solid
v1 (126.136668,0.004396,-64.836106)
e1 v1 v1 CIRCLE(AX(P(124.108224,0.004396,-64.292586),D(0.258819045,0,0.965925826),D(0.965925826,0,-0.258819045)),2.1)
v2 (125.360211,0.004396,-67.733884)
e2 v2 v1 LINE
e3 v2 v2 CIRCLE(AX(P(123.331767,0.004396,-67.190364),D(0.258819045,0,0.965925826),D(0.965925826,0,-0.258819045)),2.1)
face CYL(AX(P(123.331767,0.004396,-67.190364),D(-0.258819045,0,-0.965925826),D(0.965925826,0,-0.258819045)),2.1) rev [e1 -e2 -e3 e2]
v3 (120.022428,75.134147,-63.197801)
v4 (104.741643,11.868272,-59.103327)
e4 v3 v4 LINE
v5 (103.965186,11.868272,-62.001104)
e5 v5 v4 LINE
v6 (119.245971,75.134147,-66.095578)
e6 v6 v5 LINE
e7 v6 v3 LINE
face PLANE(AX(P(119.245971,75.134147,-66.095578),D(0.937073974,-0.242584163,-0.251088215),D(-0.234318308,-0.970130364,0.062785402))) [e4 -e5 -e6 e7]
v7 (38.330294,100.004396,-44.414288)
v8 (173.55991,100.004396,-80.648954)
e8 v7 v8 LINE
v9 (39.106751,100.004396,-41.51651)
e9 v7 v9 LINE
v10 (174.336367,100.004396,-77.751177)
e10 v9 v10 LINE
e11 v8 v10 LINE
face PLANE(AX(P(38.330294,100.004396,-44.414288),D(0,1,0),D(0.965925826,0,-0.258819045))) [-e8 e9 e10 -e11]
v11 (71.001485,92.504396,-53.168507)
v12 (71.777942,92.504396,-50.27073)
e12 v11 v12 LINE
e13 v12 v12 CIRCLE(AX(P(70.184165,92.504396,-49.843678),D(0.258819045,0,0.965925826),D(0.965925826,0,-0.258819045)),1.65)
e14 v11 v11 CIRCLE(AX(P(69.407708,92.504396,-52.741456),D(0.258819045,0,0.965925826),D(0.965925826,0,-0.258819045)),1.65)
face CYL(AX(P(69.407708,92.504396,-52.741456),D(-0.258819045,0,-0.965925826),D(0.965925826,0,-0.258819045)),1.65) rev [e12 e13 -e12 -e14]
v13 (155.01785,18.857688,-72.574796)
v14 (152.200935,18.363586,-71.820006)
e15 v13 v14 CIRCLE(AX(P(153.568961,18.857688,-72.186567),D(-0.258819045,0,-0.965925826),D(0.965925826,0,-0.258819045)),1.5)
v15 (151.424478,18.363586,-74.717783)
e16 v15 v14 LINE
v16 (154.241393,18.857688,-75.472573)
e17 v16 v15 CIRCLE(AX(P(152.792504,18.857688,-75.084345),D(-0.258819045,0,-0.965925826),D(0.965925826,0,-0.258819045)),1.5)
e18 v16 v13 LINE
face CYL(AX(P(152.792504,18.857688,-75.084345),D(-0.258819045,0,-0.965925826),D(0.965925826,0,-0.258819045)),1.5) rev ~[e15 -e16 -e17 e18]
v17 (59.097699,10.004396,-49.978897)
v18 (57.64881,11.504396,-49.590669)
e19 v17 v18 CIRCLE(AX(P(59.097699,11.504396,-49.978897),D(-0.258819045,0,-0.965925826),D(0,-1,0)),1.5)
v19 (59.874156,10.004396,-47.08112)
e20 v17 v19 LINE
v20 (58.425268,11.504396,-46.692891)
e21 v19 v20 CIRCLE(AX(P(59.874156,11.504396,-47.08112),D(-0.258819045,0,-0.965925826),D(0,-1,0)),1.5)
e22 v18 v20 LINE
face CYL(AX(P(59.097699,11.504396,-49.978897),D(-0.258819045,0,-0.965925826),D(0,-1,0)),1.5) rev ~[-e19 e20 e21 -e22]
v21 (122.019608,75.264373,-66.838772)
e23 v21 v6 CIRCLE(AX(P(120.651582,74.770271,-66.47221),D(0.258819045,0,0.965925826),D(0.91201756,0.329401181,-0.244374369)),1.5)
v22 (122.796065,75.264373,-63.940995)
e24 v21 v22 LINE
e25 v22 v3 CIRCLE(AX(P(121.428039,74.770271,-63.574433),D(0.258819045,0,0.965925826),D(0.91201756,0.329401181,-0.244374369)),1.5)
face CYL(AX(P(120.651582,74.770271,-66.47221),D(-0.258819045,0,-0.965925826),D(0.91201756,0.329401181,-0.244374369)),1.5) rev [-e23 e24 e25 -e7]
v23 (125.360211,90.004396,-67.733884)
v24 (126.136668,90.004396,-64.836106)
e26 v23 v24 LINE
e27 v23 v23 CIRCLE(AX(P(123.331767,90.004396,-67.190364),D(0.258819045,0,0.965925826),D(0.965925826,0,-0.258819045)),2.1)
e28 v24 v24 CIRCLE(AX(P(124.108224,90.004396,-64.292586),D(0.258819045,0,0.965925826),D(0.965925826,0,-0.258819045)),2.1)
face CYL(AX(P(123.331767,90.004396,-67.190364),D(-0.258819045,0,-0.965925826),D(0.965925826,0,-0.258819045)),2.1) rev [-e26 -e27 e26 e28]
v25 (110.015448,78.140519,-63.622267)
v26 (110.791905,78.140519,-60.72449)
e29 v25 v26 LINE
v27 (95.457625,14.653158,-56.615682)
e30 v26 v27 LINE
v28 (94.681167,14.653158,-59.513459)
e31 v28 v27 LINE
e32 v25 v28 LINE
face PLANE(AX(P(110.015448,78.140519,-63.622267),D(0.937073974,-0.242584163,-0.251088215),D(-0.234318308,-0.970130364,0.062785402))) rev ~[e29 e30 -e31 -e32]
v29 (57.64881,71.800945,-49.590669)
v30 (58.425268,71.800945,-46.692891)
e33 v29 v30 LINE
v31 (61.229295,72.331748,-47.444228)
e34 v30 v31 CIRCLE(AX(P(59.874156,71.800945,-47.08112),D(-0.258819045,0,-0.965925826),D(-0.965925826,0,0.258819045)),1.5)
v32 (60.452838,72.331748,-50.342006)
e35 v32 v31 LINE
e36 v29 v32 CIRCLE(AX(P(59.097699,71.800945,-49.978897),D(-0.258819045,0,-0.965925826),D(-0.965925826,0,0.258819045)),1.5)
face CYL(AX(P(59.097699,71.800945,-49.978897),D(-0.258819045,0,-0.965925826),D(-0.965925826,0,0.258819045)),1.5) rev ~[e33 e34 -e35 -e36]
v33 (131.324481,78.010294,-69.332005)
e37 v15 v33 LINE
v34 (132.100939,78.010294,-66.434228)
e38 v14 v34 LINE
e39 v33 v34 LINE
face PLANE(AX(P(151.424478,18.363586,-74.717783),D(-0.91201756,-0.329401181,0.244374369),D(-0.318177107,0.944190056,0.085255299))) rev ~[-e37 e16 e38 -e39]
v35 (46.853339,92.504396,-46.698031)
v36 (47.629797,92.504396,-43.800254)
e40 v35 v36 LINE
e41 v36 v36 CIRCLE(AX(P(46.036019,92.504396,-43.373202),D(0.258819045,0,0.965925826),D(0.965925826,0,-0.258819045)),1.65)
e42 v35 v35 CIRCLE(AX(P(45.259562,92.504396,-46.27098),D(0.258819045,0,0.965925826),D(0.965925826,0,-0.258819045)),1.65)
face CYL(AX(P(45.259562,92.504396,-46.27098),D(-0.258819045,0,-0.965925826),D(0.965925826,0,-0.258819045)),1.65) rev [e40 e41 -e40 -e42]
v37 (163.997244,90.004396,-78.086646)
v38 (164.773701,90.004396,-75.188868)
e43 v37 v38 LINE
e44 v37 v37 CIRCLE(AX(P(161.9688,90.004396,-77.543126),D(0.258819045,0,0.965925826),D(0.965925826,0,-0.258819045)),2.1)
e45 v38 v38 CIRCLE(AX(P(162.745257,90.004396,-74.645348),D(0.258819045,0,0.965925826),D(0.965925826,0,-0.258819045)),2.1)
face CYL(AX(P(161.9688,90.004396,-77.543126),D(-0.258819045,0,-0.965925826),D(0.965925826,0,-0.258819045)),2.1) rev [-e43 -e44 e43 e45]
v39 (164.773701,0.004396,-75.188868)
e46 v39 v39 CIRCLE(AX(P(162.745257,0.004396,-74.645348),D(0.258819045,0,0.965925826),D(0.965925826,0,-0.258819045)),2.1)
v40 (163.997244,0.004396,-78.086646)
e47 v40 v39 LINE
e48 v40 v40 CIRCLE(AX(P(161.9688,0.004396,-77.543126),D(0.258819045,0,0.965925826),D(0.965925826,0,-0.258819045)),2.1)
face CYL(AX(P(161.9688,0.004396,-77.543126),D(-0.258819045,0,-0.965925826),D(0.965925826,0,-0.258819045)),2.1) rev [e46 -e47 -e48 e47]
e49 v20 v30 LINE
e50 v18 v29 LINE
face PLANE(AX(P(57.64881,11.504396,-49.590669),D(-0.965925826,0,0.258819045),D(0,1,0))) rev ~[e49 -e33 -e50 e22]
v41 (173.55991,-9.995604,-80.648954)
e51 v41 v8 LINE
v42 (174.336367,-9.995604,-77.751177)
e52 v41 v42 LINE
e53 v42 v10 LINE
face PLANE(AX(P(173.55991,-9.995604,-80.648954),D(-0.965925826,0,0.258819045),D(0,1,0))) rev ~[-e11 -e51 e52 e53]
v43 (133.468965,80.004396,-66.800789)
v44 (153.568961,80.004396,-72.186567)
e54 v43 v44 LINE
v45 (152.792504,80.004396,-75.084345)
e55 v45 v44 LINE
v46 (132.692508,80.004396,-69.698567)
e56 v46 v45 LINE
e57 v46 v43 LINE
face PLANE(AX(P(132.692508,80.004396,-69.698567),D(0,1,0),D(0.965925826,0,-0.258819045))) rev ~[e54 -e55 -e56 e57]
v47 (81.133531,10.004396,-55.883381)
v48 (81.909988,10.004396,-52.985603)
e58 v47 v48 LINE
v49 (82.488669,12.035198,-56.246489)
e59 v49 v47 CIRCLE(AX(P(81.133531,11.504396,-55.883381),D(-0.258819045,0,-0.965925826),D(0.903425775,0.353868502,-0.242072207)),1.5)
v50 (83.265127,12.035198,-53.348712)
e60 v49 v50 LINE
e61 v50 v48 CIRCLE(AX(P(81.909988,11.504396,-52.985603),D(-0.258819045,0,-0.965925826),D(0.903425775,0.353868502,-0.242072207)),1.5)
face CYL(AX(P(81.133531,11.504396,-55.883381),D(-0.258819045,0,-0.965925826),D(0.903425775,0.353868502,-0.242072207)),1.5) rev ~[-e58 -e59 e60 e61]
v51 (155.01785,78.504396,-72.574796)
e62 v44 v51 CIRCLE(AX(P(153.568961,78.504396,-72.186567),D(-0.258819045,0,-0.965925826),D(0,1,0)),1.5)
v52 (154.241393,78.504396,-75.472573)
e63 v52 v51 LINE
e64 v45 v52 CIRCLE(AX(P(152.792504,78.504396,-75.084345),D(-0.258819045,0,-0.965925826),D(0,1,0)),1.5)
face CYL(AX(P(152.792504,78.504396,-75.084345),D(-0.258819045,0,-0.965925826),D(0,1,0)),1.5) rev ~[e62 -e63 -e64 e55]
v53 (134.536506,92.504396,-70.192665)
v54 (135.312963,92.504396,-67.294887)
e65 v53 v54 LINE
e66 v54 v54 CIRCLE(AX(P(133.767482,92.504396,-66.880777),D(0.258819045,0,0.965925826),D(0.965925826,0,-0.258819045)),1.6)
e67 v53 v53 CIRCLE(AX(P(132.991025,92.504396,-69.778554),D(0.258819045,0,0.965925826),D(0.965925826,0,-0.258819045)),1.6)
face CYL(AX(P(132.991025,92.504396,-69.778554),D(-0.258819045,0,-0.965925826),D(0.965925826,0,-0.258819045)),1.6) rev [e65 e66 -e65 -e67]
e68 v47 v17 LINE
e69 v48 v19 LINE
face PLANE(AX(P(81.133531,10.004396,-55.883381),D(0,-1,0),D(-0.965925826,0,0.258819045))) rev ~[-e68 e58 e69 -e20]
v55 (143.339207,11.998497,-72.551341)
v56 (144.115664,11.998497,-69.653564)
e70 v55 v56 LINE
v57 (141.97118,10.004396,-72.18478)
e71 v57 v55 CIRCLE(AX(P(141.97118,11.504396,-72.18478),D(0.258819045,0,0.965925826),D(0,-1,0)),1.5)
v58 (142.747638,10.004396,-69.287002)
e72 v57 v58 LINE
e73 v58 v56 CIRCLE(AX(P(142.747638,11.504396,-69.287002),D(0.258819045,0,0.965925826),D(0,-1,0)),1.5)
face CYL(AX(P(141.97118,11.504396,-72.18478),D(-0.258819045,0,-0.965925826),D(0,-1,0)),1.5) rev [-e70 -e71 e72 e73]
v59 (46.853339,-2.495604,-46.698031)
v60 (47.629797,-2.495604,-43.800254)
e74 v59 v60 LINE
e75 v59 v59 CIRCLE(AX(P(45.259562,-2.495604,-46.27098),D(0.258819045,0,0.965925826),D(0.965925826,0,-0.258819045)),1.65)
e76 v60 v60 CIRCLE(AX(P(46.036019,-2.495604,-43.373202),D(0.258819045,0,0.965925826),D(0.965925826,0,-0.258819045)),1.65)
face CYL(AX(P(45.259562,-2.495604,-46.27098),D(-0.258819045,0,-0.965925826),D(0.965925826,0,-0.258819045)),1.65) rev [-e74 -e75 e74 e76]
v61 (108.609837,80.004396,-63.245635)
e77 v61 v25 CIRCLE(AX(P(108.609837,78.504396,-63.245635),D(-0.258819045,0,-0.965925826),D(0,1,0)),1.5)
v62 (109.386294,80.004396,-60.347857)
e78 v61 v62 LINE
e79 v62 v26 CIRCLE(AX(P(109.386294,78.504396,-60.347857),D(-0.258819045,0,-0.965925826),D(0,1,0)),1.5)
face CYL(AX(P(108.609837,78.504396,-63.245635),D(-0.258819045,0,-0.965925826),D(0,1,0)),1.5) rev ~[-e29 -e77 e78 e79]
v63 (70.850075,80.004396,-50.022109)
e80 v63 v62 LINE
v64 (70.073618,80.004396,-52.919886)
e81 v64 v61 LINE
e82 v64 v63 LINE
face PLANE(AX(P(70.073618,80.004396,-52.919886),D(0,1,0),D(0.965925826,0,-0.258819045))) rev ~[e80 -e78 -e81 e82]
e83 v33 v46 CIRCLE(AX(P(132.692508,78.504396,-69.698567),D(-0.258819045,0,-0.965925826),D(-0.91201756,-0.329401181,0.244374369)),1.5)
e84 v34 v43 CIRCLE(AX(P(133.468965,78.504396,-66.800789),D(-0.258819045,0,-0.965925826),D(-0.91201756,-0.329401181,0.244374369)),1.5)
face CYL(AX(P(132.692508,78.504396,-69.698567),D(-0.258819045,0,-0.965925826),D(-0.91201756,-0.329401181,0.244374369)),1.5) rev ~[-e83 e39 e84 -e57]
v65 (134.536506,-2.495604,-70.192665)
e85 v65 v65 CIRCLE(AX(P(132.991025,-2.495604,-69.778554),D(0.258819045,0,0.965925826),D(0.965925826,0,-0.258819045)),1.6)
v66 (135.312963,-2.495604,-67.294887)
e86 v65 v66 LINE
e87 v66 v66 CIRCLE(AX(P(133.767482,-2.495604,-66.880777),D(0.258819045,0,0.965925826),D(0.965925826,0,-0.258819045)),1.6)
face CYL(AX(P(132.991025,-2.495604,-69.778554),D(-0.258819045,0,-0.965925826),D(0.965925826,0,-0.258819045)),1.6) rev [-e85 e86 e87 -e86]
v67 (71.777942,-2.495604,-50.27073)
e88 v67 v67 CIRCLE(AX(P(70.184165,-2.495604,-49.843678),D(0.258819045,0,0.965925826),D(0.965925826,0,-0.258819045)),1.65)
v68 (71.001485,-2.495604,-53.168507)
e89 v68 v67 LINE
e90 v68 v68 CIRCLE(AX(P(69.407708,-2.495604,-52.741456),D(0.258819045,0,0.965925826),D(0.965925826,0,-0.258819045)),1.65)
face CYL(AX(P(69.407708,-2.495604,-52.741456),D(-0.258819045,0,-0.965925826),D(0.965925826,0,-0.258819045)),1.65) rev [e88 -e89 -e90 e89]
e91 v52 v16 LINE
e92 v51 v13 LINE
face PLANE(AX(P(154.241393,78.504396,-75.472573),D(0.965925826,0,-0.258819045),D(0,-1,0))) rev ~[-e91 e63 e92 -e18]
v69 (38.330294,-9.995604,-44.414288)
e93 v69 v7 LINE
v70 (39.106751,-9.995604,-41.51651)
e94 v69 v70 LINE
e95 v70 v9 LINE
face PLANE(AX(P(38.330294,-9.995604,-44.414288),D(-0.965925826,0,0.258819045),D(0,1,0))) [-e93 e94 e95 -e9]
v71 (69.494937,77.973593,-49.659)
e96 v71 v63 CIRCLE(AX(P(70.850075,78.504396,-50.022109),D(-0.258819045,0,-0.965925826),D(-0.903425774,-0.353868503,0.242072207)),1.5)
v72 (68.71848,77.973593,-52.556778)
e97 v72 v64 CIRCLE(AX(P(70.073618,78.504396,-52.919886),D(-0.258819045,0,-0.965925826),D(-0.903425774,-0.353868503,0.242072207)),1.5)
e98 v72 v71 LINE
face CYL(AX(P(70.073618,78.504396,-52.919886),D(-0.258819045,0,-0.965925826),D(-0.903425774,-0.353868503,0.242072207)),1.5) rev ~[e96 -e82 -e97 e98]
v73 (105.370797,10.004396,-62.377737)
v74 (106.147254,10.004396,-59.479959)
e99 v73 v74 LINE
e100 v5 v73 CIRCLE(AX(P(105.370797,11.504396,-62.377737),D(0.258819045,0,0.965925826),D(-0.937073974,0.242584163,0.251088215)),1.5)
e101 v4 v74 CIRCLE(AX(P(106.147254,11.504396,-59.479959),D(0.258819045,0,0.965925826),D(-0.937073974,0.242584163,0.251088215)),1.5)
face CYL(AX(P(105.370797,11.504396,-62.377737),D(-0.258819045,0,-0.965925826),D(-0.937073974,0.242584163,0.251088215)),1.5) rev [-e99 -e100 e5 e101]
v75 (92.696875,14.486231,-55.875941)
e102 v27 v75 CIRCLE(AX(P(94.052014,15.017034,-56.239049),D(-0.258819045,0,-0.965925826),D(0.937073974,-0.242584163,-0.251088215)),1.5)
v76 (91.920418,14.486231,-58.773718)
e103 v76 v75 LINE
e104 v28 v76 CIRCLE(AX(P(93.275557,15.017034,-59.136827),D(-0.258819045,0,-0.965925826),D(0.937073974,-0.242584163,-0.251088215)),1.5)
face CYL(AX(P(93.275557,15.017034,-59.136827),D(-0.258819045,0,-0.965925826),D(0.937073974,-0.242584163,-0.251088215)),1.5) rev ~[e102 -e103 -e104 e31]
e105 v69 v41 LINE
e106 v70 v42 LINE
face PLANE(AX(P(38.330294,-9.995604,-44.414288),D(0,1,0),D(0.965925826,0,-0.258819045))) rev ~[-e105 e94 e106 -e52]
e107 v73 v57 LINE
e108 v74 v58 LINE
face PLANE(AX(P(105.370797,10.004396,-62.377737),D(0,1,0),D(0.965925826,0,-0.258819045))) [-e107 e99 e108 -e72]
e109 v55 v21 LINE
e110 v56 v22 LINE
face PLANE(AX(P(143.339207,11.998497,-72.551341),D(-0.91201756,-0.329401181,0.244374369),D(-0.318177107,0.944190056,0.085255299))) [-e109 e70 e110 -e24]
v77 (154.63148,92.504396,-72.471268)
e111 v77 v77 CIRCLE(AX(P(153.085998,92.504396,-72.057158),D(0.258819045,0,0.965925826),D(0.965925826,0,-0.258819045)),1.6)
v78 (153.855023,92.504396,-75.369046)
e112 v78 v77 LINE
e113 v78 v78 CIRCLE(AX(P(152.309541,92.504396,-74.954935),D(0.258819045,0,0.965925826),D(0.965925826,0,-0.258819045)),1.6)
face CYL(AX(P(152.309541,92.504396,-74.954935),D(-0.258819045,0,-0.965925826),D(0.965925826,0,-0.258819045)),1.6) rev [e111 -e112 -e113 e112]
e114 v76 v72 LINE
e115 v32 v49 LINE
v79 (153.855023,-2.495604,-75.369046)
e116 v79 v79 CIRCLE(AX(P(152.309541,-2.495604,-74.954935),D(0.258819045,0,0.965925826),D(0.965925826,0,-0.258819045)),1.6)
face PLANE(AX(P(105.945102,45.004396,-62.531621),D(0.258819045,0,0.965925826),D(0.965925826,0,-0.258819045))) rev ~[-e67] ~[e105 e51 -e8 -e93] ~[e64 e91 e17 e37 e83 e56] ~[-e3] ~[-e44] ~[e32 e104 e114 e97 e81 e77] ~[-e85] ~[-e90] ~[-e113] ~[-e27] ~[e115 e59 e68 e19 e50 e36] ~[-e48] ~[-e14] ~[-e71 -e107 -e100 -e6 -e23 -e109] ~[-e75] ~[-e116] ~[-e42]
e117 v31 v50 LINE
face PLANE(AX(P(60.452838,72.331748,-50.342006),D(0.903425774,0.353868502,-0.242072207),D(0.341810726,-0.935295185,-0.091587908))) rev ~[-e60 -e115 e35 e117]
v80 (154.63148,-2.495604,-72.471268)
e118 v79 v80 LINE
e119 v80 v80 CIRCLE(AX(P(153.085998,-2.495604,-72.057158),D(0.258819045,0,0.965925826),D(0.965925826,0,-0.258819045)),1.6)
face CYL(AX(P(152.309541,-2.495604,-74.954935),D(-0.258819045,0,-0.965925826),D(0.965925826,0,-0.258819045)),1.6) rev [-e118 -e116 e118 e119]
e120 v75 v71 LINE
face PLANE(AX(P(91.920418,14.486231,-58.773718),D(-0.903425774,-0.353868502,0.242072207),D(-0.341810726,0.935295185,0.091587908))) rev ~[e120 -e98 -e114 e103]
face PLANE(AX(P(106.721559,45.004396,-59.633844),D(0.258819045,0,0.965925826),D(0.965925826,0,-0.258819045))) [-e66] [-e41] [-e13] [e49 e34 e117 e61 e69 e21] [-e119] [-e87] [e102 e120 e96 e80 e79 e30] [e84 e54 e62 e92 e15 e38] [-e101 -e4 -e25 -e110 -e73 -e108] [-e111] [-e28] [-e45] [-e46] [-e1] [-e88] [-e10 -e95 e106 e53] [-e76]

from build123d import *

# Parameters (mm, degrees)
SKETCH2_W      = 140
SKETCH2_H      = 110
SKETCH2_R      = 1.6
SKETCH2_R_2    = 2.1
EXTRUDE1_DEPTH = 3


with BuildPart() as part:
    # Sketch2 → Extrude1 (new body)
    with BuildSketch(Plane(origin=(-8.535929163, 0, -31.856521324), x_dir=(0.9659258262890755, 0, -0.2588190451024938), z_dir=(0.2588190451024938, 0, 0.9659258262890756))):
        with Locations((118.519484346, 45.004395502)):
            Rectangle(SKETCH2_W, SKETCH2_H)
        with Locations((166.519484346, 92.504395502)):
            Circle(SKETCH2_R, mode=Mode.SUBTRACT)
        with Locations((146.519484346, 92.504395502)):
            Circle(SKETCH2_R, mode=Mode.SUBTRACT)
        with Locations((146.519484346, -2.495604498)):
            Circle(SKETCH2_R, mode=Mode.SUBTRACT)
        with Locations((166.519484346, -2.495604498)):
            Circle(SKETCH2_R, mode=Mode.SUBTRACT)
        with Locations((176.519484346, 0.004395502)):
            Circle(SKETCH2_R_2, mode=Mode.SUBTRACT)
        with Locations((136.519484346, 0.004395502)):
            Circle(SKETCH2_R_2, mode=Mode.SUBTRACT)
        with Locations((176.519484346, 90.004395502)):
            Circle(SKETCH2_R_2, mode=Mode.SUBTRACT)
        with Locations((136.519484346, 90.004395502)):
            Circle(SKETCH2_R_2, mode=Mode.SUBTRACT)
        with BuildLine():
            Line((71.422427124, 72.331747658), (94.235598815, 12.035198256))
            ThreePointArc((94.235598815, 12.035198256), (94.06679625, 10.651812407), (92.832656037, 10.004395502))
            Line((92.832656037, 10.004395502), (70.019484346, 10.004395502))
            ThreePointArc((70.019484346, 10.004395502), (68.958824174, 10.44373533), (68.519484346, 11.504395502))
            Line((68.519484346, 11.504395502), (68.519484346, 71.800944904))
            ThreePointArc((68.519484346, 71.800944904), (69.749682721, 73.276481106), (71.422427124, 72.331747658))
        make_face(mode=Mode.SUBTRACT)
        with BuildLine():
            Line((81.382592108, 80.004395502), (121.278221323, 80.004395502))
            ThreePointArc((121.278221323, 80.004395502), (122.460552573, 79.427484239), (122.73341687, 78.140519257))
            Line((122.73341687, 78.140519257), (106.858201548, 14.653157981))
            ThreePointArc((106.858201548, 14.653157981), (105.490462864, 13.519585964), (104.000063225, 14.486231472))
            Line((104.000063225, 14.486231472), (79.979649331, 77.973592748))
            ThreePointArc((79.979649331, 77.973592748), (80.148451895, 79.356978598), (81.382592108, 80.004395502))
        make_face(mode=Mode.SUBTRACT)
        with BuildLine():
            Line((168.519484346, 78.504395502), (168.519484346, 18.857688255))
            ThreePointArc((168.519484346, 18.857688255), (167.270056066, 17.378765061), (165.603199262, 18.363586484))
            Line((165.603199262, 18.363586484), (144.794151706, 78.010293731))
            ThreePointArc((144.794151706, 78.010293731), (144.987499209, 79.372971159), (146.210436791, 80.004395502))
            Line((146.210436791, 80.004395502), (167.019484346, 80.004395502))
            ThreePointArc((167.019484346, 80.004395502), (168.080144518, 79.565055674), (168.519484346, 78.504395502))
        make_face(mode=Mode.SUBTRACT)
        with BuildLine():
            Line((132.289557089, 75.134147375), (116.469724954, 11.868271747))
            ThreePointArc((116.469724954, 11.868271747), (116.742589251, 10.581306765), (117.924920501, 10.004395502))
            Line((117.924920501, 10.004395502), (155.81642558, 10.004395502))
            ThreePointArc((155.81642558, 10.004395502), (157.039363161, 10.635819845), (157.232710664, 11.998497273))
            Line((157.232710664, 11.998497273), (135.16103772, 75.2643729))
            ThreePointArc((135.16103772, 75.2643729), (133.676795459, 76.268730946), (132.289557089, 75.134147375))
        make_face(mode=Mode.SUBTRACT)
        with BuildLine():
            ThreePointArc((54.043190493, -2.495604498), (55.693190493, -4.145604498), (57.343190493, -2.495604498))
            ThreePointArc((57.343190493, -2.495604498), (55.693190493, -0.845604498), (54.043190493, -2.495604498))
        make_face(mode=Mode.SUBTRACT)
        with BuildLine():
            ThreePointArc((79.043190493, -2.495604498), (80.693190493, -4.145604498), (82.343190493, -2.495604498))
            ThreePointArc((82.343190493, -2.495604498), (80.693190493, -0.845604498), (79.043190493, -2.495604498))
        make_face(mode=Mode.SUBTRACT)
        with BuildLine():
            ThreePointArc((79.043190493, 92.504395502), (80.693190493, 90.854395502), (82.343190493, 92.504395502))
            ThreePointArc((82.343190493, 92.504395502), (80.693190493, 94.154395502), (79.043190493, 92.504395502))
        make_face(mode=Mode.SUBTRACT)
        with BuildLine():
            ThreePointArc((54.043190493, 92.504395502), (55.693190493, 90.854395502), (57.343190493, 92.504395502))
            ThreePointArc((57.343190493, 92.504395502), (55.693190493, 94.154395502), (54.043190493, 92.504395502))
        make_face(mode=Mode.SUBTRACT)
    extrude(amount=EXTRUDE1_DEPTH)


solid = part.part
